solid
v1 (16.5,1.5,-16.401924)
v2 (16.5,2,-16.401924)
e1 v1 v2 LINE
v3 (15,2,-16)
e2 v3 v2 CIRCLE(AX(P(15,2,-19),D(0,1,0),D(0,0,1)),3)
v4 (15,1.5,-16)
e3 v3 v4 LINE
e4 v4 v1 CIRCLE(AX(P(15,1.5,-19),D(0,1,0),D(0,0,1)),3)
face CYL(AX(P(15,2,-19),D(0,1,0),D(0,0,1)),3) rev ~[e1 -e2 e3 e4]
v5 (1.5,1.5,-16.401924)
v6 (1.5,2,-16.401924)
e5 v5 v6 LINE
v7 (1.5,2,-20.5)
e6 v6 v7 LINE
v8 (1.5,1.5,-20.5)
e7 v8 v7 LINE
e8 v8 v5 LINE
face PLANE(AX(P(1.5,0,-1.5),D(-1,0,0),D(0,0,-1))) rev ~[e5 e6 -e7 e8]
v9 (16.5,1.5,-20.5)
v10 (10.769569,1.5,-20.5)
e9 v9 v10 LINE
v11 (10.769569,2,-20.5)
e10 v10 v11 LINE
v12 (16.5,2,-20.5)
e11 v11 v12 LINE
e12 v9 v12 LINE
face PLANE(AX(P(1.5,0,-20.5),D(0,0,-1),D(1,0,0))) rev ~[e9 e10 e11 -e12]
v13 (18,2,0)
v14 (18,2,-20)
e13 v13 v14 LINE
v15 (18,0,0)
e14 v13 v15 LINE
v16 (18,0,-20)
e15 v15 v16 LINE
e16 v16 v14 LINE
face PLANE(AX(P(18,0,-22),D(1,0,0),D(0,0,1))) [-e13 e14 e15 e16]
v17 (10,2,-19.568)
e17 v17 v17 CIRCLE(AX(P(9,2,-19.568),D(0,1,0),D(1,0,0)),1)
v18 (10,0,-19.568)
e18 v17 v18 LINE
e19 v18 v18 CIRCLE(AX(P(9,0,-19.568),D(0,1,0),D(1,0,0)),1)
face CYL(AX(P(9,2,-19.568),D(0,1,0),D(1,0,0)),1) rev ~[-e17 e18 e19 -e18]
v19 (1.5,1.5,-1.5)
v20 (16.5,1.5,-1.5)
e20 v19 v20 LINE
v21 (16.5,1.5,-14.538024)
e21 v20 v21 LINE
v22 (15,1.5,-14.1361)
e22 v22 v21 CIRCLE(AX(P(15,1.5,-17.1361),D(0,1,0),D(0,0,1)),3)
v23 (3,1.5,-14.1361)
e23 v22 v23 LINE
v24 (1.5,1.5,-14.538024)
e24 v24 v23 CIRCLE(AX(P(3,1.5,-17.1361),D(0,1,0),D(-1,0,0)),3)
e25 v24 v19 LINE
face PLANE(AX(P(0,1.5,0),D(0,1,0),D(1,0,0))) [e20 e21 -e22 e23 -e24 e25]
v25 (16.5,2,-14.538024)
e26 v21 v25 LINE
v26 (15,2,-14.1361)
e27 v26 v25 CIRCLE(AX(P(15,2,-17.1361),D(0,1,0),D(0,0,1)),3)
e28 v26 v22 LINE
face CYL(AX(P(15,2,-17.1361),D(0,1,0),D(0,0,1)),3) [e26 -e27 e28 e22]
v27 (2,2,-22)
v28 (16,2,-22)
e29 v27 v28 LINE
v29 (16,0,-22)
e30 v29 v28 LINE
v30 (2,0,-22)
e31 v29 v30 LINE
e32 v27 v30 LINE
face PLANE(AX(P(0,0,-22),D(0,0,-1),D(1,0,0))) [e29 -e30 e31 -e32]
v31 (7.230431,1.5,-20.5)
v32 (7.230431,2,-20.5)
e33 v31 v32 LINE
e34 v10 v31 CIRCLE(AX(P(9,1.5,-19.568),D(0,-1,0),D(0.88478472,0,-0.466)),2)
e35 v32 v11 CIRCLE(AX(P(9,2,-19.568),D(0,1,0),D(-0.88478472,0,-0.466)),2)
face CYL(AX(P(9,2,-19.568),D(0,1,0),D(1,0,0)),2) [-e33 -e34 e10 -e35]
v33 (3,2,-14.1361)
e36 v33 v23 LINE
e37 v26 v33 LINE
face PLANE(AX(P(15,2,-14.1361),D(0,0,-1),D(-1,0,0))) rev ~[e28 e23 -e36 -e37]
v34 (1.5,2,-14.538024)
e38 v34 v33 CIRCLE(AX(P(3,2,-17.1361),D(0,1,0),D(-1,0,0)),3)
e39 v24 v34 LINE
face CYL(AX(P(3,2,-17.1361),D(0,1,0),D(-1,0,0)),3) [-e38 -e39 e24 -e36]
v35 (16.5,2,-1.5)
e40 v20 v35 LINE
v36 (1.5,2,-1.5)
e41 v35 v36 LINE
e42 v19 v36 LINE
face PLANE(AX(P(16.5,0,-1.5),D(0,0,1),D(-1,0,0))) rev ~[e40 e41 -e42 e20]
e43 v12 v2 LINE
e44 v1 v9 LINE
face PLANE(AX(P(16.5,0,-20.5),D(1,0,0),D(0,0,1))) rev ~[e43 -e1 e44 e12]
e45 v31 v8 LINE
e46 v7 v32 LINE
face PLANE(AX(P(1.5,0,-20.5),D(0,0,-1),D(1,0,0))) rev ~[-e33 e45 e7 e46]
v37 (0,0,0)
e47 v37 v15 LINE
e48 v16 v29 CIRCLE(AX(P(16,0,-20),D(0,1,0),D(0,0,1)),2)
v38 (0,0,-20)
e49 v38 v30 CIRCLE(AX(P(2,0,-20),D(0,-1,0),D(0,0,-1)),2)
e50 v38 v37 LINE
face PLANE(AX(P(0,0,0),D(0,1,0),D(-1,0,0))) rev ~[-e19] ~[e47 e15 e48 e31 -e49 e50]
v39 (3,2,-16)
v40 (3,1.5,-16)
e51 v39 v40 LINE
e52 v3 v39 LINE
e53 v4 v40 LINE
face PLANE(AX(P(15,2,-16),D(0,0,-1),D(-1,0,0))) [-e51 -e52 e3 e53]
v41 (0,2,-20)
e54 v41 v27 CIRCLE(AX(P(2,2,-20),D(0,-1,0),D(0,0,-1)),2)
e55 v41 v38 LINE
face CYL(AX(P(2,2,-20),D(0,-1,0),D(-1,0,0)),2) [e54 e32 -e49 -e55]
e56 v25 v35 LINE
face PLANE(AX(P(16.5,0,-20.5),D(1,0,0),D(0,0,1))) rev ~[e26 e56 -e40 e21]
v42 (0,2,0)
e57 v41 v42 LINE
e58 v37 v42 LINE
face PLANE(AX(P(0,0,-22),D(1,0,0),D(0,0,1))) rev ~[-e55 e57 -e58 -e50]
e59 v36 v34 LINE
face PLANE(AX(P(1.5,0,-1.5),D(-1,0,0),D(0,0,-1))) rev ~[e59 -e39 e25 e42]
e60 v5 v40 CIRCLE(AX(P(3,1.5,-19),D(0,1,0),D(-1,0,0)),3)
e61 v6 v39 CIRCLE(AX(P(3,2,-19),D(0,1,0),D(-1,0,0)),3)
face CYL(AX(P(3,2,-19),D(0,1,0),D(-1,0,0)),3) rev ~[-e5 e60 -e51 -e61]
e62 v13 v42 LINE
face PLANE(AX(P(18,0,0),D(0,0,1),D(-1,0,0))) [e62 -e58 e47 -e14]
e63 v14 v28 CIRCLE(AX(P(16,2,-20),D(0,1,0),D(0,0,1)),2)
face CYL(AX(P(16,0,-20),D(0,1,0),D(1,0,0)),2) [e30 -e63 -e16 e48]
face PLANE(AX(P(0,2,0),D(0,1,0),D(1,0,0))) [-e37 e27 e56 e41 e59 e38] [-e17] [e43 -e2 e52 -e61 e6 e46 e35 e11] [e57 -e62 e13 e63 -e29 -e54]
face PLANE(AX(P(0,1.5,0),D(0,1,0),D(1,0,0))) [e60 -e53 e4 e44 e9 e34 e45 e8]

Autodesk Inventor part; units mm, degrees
ref_plane "YZ Plane" through (0, 0, 0) normal (1, 0, 0) x (0, 1, 0)
ref_plane "XZ Plane" through (0, 0, 0) normal (0, 1, 0) x (-1, 0, 0)
ref_plane "XY Plane" through (0, 0, 0) normal (0, 0, 1) x (1, 0, 0)
sketch "Sketch1" plane through (0, 0, 0) normal (0, 1, 0) x (-1, 0, 0)
  line L0 (0, 0) -> (-18, 0)
  line L1 (-18, 0) -> (-18, -22)
  line L2 (-18, -22) -> (0, -22)
  line L3 (0, -22) -> (0, 0)
  line L4 (-1.5, -20.5) -> (2.5, -20.5) construction
  circle A0 centre (-9, -19.8358) radius 1.5
  line L5 (-1, -20.5) -> (-7.6551, -20.5)
  line L6 (-1, -20.5) -> (-1, -1.5)
  line L7 (-1, -1.5) -> (-1, -1)
  line L8 (-1, -1) -> (-17, -1)
  line L9 (-17, -1) -> (-17, -20.5)
  line L10 (-1, -1) -> (-17, -1)
  line L11 (-17, -1) -> (-17, -20.5)
  line L12 (-1, -20.5) -> (-1, -1)
  line L13 (-10.3449, -20.5) -> (-17, -20.5)
  point P0 (0, 0)
  point P1 (-15.5, -20.5)
  dimension "d0" = 18
  dimension "d1" = 22
  dimension "d2" = 3
  dimension "d3" = 0.5
  dimension "d4" = 16
extrude "Extrusion1" add sketch "Sketch1" along normal blind 2 contours L3 L2 L1 L0 | A0 L13 L9 L8 L7 L6 L5
sketch "Sketch8" plane through (0, 2, 0) normal (0, 1, 0) x (1, 0, 0)
  circle A0 centre (9, 19.8358) radius 1.5 projected
  circle A1 centre (9, 19.8358) radius 1.5 projected
  line L0 (0, 0) -> (18, 0) projected
  line L1 (18, 0) -> (18, 22) projected
  line L2 (18, 22) -> (0, 22) projected
  line L3 (0, 22) -> (0, 0) projected
extrude "Extrusion5" add sketch "Sketch8" against normal blind 2 contours A0
sketch "Sketch9" plane through (0, 2, 0) normal (0, 1, 0) x (1, 0, 0)
  line L0 (0, 0) -> (18, 0) projected
  line L1 (18, 0) -> (18, 22) projected
  line L2 (18, 22) -> (0, 22) projected
  line L3 (0, 22) -> (0, 0) projected
  line L4 (18, 22) -> (18, 17.1361)
  line L5 (15, 16) -> (3, 16)
  line L6 (0, 17.1361) -> (0, 22)
  arc A0 (0, 19) -> (3, 16) centre (3, 19) ccw
  arc A1 (15, 16) -> (18, 19) centre (15, 19) ccw
  line L7 (15, 16) -> (3, 16)
  arc A2 (0, 19) -> (3, 16) centre (3, 19) ccw
  arc A3 (15, 16) -> (18, 19) centre (15, 19) ccw
  line L8 (15, 14.1361) -> (3, 14.1361)
  arc A4 (0, 17.1361) -> (3, 14.1361) centre (3, 17.1361) ccw
  arc A5 (15, 14.1361) -> (18, 17.1361) centre (15, 17.1361) ccw
  line L9 (15, 14.1361) -> (3, 14.1361)
  arc A6 (0, 17.1361) -> (3, 14.1361) centre (3, 17.1361) ccw
  arc A7 (15, 14.1361) -> (18, 17.1361) centre (15, 17.1361) ccw
  circle A8 centre (9, 19.568) radius 2
  dimension "d19" = 4
extrude "Extrusion6" cut sketch "Sketch9" against normal blind 0.5 contours L3 A4 L8 A5 L1 L0 | L3 L2 L1 A1 L5 A0
sketch "Sketch11" plane through (0, 0, 0) normal (0, -1, 0) x (1, 0, 0)
  line L0 (1.5, -20.5) -> (16.5, -20.5)
  line L1 (16.5, -20.5) -> (16.5, -1.5)
  line L2 (18, -17.1361) -> (18, 0)
  line L3 (0, -22) -> (18, -22)
  line L4 (0, -22) -> (18, -22)
  line L5 (18, -22) -> (18, 0)
  line L6 (16.5, -1.5) -> (1.5, -1.5)
  line L7 (0, -19) -> (0, -22)
  line L8 (1.5, -1.5) -> (1.5, -20.5)
  line L9 (0, 0) -> (0, -22)
  line L10 (0, 0) -> (0, -17.1361)
  line L11 (0, 0) -> (0, -17.1361)
  line L12 (18, -22) -> (18, -19)
  line L13 (18, 0) -> (0, 0) projected
  line L14 (18, 0) -> (0, 0)
  line L15 (0, 0) -> (18, 0)
  line L16 (18, 0) -> (18, -22)
  line L17 (18, -22) -> (0, -22)
  line L18 (0, -22) -> (0, 0)
  line L19 (16.5, -1.5) -> (1.5, -1.5)
  line L20 (1.5, -1.5) -> (1.5, -20.5)
  line L21 (1.5, -20.5) -> (16.5, -20.5)
  line L22 (16.5, -20.5) -> (16.5, -1.5)
extrude "Extrusion7" add sketch "Sketch11" against normal blind 2
sketch "Sketch12" plane through (0, 2, 0) normal (0, 1, 0) x (1, 0, 0)
  arc A0 (7.2304, 20.5) -> (10.7696, 20.5) centre (9, 19.568) ccw projected
  circle A1 centre (9, 19.568) radius 1
  point P0 (0, 0)
  dimension "d28" = 2
extrude "Extrusion8" cut sketch "Sketch12" against normal blind 2
fillet "Fillet1" radius 2 2 edges at (0, 1, -22) (18, 1, -22)
properties part number "bolsillop2"
